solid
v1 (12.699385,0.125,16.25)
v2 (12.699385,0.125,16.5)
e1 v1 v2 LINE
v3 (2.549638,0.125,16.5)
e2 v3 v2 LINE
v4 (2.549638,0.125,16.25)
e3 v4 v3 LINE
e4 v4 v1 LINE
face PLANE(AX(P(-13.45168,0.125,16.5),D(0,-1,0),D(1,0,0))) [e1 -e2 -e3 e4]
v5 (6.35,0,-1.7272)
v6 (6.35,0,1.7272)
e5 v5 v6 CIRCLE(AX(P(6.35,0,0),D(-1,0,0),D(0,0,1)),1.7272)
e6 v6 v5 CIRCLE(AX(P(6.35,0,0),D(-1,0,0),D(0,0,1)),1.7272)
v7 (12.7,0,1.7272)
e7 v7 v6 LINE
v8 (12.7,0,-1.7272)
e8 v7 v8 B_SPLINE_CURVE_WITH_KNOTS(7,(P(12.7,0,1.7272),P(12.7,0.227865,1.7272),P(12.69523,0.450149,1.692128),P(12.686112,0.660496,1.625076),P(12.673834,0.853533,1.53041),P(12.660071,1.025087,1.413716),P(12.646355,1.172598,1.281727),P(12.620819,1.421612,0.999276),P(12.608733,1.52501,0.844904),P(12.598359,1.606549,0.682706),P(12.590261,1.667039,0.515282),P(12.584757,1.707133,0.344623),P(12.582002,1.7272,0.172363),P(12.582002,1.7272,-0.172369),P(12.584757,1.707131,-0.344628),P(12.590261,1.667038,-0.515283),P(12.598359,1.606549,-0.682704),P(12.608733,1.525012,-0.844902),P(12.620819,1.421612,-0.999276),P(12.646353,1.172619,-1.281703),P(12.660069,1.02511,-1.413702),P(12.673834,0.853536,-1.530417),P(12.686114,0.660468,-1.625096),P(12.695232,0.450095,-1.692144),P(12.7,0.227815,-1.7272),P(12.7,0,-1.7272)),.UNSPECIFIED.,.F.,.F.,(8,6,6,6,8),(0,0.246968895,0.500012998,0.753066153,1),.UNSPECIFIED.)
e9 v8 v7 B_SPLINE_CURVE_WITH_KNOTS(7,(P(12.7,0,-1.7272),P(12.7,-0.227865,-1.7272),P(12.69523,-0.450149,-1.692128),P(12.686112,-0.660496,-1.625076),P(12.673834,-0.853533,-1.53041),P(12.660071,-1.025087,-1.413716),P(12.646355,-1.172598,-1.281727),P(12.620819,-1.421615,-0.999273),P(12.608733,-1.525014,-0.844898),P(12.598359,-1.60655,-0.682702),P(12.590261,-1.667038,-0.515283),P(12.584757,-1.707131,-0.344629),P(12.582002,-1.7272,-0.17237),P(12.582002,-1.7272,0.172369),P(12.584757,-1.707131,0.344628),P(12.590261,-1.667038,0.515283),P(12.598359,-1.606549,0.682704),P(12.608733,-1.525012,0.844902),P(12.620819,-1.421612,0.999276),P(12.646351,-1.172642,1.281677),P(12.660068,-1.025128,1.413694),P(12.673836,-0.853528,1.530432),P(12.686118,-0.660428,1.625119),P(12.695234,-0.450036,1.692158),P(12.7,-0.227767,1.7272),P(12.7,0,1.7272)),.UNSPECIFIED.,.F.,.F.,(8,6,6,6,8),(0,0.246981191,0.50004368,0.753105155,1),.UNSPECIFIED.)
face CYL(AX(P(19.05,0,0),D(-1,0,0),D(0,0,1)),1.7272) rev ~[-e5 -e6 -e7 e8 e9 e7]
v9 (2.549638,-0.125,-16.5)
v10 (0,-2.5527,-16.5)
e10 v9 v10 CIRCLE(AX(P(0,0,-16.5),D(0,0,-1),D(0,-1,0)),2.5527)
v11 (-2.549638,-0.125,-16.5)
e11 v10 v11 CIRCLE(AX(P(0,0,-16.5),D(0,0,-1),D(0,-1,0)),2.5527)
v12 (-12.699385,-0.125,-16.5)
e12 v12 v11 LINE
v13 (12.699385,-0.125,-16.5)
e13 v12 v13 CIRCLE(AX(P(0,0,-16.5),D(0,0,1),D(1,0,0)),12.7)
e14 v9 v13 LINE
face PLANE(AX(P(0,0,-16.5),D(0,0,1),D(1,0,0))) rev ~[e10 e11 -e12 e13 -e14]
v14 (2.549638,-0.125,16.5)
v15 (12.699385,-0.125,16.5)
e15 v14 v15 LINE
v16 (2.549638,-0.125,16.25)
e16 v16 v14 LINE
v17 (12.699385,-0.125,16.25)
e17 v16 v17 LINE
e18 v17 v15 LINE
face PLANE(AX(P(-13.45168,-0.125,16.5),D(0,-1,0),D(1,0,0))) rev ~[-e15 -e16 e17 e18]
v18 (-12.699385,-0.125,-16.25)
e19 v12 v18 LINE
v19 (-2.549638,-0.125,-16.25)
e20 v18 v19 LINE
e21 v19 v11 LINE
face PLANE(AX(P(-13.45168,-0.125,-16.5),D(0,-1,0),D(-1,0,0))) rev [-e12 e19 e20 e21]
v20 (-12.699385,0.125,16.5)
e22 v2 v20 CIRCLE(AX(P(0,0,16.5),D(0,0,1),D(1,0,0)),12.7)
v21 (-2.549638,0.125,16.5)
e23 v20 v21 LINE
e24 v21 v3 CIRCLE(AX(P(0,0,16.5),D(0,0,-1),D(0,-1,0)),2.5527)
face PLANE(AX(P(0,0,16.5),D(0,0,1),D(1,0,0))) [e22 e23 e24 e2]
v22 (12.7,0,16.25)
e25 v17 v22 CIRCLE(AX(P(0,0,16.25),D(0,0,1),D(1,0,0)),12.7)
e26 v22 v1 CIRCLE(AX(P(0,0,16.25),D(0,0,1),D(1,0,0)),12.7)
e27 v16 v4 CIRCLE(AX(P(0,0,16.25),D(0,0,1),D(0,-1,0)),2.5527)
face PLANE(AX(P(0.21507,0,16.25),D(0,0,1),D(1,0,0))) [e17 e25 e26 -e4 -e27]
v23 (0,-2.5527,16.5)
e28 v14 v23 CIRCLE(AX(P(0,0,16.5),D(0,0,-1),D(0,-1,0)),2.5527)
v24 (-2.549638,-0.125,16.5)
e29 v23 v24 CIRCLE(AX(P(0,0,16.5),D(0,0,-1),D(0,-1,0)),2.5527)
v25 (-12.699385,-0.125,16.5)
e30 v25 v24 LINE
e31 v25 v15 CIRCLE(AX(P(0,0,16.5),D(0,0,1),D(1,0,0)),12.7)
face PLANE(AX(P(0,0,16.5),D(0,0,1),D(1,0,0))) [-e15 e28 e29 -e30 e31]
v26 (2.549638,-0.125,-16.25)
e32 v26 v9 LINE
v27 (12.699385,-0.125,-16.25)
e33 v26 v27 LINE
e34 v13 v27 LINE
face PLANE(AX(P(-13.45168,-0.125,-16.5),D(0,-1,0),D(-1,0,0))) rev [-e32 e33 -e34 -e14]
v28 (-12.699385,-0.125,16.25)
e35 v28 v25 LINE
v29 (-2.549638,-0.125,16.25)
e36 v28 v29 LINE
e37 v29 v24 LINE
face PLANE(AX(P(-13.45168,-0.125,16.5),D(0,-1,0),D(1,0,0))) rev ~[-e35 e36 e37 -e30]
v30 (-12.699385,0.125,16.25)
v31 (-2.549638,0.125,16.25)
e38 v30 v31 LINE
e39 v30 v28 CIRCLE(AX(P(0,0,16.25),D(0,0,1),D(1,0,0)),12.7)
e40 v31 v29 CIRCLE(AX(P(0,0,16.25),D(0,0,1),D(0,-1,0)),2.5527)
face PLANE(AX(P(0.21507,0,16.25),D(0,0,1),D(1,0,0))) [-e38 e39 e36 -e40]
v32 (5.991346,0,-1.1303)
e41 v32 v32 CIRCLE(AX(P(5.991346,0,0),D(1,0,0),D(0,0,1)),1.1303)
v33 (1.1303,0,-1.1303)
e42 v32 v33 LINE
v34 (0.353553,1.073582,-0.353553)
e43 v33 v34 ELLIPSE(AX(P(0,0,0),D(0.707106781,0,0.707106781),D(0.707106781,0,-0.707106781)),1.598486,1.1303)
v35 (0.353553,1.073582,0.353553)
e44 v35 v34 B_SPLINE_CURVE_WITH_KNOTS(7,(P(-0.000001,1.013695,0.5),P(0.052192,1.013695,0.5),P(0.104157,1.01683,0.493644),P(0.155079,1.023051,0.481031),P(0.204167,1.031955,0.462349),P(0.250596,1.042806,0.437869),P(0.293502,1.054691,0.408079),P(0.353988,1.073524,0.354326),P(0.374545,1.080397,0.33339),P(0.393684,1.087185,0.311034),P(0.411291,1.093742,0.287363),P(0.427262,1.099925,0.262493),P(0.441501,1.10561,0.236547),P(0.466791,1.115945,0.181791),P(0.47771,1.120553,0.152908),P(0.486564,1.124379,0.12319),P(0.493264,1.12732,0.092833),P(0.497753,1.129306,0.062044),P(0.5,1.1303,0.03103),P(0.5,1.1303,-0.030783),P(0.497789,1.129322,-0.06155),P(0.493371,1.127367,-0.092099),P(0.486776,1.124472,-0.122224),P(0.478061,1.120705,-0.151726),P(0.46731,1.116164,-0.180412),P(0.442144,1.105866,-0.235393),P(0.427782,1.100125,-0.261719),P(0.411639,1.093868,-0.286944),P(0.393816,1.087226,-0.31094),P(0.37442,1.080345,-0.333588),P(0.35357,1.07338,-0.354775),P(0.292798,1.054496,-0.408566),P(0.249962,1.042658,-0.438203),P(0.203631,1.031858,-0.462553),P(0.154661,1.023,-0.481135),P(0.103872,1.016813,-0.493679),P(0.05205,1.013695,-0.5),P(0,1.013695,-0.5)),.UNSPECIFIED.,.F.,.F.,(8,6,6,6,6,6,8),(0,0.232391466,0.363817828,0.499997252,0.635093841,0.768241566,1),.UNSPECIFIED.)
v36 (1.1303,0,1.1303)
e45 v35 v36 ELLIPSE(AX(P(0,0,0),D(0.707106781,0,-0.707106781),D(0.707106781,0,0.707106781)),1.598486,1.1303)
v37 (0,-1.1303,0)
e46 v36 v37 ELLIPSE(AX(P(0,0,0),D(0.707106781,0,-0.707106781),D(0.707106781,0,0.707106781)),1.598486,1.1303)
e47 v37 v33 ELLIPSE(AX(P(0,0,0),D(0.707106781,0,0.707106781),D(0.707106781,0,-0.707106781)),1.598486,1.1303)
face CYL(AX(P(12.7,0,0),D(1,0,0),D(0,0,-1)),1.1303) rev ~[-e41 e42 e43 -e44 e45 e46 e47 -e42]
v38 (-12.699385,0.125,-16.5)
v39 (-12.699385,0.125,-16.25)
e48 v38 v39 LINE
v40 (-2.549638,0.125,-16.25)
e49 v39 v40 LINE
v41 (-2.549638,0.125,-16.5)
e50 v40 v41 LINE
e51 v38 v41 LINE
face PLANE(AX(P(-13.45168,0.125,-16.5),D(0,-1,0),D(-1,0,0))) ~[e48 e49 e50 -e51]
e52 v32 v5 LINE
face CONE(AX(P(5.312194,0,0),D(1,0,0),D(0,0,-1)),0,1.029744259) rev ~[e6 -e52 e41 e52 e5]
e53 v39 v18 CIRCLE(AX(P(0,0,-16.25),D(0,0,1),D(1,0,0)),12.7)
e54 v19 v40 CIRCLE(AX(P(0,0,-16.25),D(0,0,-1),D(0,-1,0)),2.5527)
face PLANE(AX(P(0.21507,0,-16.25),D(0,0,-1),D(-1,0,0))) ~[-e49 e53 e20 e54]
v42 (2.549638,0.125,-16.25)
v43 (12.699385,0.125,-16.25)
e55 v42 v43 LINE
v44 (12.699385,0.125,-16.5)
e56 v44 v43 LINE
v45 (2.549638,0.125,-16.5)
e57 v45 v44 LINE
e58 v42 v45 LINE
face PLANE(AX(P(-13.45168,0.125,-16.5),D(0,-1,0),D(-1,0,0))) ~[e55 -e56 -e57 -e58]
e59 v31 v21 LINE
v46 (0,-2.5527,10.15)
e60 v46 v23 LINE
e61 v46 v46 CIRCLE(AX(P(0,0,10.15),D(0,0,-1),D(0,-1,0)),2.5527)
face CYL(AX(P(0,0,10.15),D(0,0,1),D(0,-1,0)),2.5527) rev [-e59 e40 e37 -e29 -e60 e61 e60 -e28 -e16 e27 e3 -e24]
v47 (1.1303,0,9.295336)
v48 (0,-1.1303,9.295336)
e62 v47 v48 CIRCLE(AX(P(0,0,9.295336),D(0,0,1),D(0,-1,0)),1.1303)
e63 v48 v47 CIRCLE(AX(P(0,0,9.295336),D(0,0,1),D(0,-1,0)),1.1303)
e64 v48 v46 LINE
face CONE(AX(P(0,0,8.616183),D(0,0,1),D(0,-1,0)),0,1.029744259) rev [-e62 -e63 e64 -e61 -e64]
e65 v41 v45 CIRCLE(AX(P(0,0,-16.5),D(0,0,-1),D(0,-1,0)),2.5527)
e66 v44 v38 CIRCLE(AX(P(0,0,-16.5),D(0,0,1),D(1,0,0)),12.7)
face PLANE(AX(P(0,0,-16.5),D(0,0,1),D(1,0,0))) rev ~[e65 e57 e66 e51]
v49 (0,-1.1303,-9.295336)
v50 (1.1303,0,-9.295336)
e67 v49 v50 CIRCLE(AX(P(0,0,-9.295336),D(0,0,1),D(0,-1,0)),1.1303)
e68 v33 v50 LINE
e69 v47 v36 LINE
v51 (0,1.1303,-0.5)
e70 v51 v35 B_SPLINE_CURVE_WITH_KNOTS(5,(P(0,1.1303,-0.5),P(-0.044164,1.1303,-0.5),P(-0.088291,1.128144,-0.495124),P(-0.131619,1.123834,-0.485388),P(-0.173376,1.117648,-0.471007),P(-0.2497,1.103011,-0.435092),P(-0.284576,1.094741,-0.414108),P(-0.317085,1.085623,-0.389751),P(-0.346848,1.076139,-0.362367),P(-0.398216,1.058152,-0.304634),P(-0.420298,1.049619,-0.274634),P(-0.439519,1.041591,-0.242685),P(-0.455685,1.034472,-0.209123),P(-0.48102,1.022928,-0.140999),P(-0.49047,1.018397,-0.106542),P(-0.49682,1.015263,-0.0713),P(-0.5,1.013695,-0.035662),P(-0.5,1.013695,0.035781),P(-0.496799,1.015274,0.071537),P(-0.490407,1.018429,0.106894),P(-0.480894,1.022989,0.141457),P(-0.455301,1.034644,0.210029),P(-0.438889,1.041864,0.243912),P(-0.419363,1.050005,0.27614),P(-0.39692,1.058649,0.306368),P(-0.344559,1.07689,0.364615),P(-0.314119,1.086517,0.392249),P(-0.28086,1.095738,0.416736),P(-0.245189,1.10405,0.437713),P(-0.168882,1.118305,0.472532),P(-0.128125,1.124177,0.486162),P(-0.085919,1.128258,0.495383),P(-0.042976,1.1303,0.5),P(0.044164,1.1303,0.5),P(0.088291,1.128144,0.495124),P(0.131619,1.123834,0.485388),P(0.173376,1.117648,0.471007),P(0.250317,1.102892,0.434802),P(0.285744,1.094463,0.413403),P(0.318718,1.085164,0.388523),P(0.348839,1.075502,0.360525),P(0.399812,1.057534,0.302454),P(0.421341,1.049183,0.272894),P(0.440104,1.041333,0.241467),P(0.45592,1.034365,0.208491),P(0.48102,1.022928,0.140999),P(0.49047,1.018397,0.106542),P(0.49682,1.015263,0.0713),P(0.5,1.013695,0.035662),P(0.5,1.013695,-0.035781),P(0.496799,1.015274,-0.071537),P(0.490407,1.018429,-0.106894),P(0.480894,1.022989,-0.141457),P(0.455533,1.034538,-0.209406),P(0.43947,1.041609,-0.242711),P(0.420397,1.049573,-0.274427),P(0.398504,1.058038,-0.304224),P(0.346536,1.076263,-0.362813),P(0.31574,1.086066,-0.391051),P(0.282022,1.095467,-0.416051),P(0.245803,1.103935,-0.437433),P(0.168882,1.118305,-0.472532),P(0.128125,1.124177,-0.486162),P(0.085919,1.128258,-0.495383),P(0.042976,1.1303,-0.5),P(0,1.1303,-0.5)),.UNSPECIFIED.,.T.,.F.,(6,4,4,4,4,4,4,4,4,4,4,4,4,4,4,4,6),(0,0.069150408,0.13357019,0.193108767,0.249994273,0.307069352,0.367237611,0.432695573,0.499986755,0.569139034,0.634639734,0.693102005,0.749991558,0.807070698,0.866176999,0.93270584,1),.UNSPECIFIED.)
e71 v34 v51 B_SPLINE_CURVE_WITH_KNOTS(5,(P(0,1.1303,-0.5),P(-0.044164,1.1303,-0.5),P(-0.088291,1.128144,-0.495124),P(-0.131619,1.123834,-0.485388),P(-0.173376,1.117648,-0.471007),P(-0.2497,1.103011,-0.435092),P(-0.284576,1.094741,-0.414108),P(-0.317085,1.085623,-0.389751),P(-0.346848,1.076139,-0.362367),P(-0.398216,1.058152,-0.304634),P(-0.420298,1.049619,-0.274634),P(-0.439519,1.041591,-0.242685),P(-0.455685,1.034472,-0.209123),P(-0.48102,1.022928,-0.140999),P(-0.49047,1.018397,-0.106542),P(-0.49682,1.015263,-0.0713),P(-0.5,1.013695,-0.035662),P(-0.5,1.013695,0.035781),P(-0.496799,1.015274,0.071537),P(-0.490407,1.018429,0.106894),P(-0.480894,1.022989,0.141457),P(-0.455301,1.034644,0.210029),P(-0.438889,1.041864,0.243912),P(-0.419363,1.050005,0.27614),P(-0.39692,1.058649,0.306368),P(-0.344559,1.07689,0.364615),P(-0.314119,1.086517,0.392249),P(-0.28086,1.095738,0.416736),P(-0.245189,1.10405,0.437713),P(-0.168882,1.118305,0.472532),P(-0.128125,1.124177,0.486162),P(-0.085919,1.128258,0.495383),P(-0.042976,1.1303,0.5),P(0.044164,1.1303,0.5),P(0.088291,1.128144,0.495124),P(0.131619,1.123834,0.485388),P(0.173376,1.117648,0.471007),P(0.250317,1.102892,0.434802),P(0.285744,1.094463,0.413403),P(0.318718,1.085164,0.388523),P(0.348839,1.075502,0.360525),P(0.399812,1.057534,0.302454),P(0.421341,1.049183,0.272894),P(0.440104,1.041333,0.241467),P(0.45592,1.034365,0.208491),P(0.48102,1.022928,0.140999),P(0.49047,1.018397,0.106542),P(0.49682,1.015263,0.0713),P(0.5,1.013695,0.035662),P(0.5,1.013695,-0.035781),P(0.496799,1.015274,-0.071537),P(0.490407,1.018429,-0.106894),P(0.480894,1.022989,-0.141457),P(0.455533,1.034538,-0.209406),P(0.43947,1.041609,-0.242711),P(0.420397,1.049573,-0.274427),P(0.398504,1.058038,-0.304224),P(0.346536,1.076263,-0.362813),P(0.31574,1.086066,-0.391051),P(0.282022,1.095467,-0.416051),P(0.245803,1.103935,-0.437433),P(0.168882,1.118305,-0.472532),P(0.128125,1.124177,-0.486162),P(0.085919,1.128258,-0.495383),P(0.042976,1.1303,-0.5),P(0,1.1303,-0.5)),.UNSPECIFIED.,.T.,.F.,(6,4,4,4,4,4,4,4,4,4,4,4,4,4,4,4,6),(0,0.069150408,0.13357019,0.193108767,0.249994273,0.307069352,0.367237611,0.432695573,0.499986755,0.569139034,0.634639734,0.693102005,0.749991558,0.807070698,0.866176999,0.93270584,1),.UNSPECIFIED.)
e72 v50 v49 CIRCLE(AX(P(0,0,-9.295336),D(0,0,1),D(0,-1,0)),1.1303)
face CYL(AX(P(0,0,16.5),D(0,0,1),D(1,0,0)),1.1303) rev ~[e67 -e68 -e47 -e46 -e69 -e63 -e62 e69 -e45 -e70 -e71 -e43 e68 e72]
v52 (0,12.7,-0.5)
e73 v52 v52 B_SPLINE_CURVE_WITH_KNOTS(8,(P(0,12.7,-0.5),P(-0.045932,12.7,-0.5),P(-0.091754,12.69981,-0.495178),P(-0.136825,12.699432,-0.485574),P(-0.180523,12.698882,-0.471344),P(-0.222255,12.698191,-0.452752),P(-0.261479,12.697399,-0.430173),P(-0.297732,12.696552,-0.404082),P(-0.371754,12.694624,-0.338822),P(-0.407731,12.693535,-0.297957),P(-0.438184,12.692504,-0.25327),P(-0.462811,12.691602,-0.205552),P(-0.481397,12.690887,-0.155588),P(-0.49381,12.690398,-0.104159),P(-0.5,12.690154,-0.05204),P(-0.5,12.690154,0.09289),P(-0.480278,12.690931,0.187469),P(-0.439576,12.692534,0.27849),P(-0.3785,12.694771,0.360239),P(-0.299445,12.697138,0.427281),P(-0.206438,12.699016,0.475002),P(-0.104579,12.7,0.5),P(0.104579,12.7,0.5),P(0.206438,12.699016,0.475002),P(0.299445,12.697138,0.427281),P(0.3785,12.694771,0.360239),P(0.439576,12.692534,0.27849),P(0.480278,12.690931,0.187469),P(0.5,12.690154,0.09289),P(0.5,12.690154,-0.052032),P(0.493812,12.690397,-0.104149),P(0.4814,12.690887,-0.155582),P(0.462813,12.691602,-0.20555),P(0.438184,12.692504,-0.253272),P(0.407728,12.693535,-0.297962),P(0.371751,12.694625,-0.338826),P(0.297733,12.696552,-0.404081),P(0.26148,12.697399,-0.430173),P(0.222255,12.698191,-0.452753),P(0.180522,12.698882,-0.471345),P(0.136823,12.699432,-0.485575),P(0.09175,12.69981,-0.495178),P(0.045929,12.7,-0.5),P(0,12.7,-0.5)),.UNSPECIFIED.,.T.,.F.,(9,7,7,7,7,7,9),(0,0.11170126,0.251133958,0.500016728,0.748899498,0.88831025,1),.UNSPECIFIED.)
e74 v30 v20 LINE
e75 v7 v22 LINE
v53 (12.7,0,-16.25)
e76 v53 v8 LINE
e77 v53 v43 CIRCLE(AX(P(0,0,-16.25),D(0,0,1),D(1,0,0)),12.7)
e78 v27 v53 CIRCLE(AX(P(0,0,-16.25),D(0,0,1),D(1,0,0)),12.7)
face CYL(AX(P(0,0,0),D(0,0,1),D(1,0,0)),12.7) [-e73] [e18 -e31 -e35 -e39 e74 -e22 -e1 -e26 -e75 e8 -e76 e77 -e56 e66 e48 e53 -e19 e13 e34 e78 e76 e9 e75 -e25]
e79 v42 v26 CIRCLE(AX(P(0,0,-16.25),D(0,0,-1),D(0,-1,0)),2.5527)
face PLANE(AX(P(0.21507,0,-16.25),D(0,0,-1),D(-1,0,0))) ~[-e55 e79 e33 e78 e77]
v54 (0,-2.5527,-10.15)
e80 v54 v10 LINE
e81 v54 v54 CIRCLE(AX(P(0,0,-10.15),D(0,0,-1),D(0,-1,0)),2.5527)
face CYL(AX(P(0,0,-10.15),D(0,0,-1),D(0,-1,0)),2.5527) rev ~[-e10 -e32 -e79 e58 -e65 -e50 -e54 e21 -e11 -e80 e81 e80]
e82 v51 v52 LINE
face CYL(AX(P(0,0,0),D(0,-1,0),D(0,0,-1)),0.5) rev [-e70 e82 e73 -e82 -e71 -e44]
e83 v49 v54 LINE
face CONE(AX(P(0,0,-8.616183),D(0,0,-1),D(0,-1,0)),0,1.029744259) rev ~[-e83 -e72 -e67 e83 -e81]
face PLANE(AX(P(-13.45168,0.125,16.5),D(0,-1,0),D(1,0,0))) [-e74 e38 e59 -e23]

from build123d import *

# Parameters (mm, degrees)
SKETCH1_R                 = 12.7
BASE_EXTRUDE_DEPTH        = 16.5
SKETCH4_R                 = 1.1303
CUT_EXTRUDE1_DEPTH        = 38.570999454
F_8_32_TAPPED_HOLE1_D     = 3.4544
F_8_32_TAPPED_HOLE1_DEPTH = 6.35
F_8_32_TAPPED_HOLE1_TIP   = 1.037806461
CUT_EXTRUDE2_REACH        = 34.844
CUT_EXTRUDE2_END_RADIUS   = 1.1303
SKETCH9_R                 = 1.1303
SKETCH10_W                = 27.33350128
SKETCH10_H                = 0.25
CUT_EXTRUDE3_DEPTH        = 0.25
SKETCH11_R                = 0.5
CUT_EXTRUDE4_DEPTH        = 25.389137098


with BuildPart() as part:
    # Sketch1 → Base-Extrude (new, symmetric)
    with BuildSketch(Plane.XY):
        Circle(SKETCH1_R)
    extrude(amount=BASE_EXTRUDE_DEPTH, both=True)

    # Sketch2 → 1/4-20 Tapped Hole1 (revolve, cut)
    with BuildSketch(Plane(origin=(0, 0, 16.5), x_dir=(0, -1, 0), z_dir=(1, 0, 0))):
        Polygon((0, 0), (0, 7.883816902), (2.5527, 6.35), (2.5527, 0), align=None)
    f_1_4_20_tapped_hole1 = revolve(axis=Axis((0, 0, 22.85), (0, 0, -1)), mode=Mode.SUBTRACT)

    # Mirror1: 1/4-20 Tapped Hole1 across plane
    add(f_1_4_20_tapped_hole1.mirror(Plane.XY), mode=Mode.SUBTRACT)

    # Sketch4 → Cut-Extrude1 (cut, through all)
    with BuildSketch(Plane.XY.offset(16.5)):
        Circle(SKETCH4_R)
    extrude(amount=-CUT_EXTRUDE1_DEPTH, mode=Mode.SUBTRACT)

    # #8-32 Tapped Hole1
    with Locations(Plane(origin=(12.7, 0, 0), x_dir=(0, 0, -1), z_dir=(1, 0, 0))):
        with Locations((0, 0)):
            Hole(F_8_32_TAPPED_HOLE1_D / 2, depth=F_8_32_TAPPED_HOLE1_DEPTH)
            with Locations((0, 0, -(F_8_32_TAPPED_HOLE1_DEPTH + F_8_32_TAPPED_HOLE1_TIP / 2))):  # 118° drill point
                Cone(0, F_8_32_TAPPED_HOLE1_D / 2, F_8_32_TAPPED_HOLE1_TIP, mode=Mode.SUBTRACT)

    # Cut-Extrude2: up to this cylinder (the profile starts outside it)
    cut_extrude2_end = Plane(origin=(0, 0, 0), z_dir=(0, 0, 1)) * Cylinder(CUT_EXTRUDE2_END_RADIUS, 72.9486, mode=Mode.PRIVATE)
    # Sketch9 → Cut-Extrude2 (cut, up to the surface)
    with BuildSketch(Plane(origin=(12.7, 0, 0), x_dir=(0, 0, -1), z_dir=(1, 0, 0)), mode=Mode.PRIVATE) as cut_extrude2_sk1:
        Circle(SKETCH9_R)
    cut_extrude2_tool1 = extrude(cut_extrude2_sk1.sketch, amount=-CUT_EXTRUDE2_REACH, mode=Mode.PRIVATE) - cut_extrude2_end
    add(cut_extrude2_tool1.solids().sort_by_distance((12.7, 0, 0))[0], mode=Mode.SUBTRACT)

    # Sketch10 → Cut-Extrude3 (cut)
    with BuildSketch(Plane.XY.offset(16.5)):
        with Locations((0.215070468, 0)):
            Rectangle(SKETCH10_W, SKETCH10_H)
    cut_extrude3 = extrude(amount=-CUT_EXTRUDE3_DEPTH, mode=Mode.SUBTRACT)

    # Mirror2: Cut-Extrude3 across plane
    add(cut_extrude3.mirror(Plane.XY), mode=Mode.SUBTRACT)

    # Sketch11 → Cut-Extrude4 (cut, through all)
    with BuildSketch(Plane(origin=(0, 0, 0), x_dir=(1, 0, 0), z_dir=(0, 1, 0))):
        with Locations(Location((0, 0, 0), (0, 0, 90))):
            Circle(SKETCH11_R)
    extrude(amount=CUT_EXTRUDE4_DEPTH, mode=Mode.SUBTRACT)


solid = part.part
